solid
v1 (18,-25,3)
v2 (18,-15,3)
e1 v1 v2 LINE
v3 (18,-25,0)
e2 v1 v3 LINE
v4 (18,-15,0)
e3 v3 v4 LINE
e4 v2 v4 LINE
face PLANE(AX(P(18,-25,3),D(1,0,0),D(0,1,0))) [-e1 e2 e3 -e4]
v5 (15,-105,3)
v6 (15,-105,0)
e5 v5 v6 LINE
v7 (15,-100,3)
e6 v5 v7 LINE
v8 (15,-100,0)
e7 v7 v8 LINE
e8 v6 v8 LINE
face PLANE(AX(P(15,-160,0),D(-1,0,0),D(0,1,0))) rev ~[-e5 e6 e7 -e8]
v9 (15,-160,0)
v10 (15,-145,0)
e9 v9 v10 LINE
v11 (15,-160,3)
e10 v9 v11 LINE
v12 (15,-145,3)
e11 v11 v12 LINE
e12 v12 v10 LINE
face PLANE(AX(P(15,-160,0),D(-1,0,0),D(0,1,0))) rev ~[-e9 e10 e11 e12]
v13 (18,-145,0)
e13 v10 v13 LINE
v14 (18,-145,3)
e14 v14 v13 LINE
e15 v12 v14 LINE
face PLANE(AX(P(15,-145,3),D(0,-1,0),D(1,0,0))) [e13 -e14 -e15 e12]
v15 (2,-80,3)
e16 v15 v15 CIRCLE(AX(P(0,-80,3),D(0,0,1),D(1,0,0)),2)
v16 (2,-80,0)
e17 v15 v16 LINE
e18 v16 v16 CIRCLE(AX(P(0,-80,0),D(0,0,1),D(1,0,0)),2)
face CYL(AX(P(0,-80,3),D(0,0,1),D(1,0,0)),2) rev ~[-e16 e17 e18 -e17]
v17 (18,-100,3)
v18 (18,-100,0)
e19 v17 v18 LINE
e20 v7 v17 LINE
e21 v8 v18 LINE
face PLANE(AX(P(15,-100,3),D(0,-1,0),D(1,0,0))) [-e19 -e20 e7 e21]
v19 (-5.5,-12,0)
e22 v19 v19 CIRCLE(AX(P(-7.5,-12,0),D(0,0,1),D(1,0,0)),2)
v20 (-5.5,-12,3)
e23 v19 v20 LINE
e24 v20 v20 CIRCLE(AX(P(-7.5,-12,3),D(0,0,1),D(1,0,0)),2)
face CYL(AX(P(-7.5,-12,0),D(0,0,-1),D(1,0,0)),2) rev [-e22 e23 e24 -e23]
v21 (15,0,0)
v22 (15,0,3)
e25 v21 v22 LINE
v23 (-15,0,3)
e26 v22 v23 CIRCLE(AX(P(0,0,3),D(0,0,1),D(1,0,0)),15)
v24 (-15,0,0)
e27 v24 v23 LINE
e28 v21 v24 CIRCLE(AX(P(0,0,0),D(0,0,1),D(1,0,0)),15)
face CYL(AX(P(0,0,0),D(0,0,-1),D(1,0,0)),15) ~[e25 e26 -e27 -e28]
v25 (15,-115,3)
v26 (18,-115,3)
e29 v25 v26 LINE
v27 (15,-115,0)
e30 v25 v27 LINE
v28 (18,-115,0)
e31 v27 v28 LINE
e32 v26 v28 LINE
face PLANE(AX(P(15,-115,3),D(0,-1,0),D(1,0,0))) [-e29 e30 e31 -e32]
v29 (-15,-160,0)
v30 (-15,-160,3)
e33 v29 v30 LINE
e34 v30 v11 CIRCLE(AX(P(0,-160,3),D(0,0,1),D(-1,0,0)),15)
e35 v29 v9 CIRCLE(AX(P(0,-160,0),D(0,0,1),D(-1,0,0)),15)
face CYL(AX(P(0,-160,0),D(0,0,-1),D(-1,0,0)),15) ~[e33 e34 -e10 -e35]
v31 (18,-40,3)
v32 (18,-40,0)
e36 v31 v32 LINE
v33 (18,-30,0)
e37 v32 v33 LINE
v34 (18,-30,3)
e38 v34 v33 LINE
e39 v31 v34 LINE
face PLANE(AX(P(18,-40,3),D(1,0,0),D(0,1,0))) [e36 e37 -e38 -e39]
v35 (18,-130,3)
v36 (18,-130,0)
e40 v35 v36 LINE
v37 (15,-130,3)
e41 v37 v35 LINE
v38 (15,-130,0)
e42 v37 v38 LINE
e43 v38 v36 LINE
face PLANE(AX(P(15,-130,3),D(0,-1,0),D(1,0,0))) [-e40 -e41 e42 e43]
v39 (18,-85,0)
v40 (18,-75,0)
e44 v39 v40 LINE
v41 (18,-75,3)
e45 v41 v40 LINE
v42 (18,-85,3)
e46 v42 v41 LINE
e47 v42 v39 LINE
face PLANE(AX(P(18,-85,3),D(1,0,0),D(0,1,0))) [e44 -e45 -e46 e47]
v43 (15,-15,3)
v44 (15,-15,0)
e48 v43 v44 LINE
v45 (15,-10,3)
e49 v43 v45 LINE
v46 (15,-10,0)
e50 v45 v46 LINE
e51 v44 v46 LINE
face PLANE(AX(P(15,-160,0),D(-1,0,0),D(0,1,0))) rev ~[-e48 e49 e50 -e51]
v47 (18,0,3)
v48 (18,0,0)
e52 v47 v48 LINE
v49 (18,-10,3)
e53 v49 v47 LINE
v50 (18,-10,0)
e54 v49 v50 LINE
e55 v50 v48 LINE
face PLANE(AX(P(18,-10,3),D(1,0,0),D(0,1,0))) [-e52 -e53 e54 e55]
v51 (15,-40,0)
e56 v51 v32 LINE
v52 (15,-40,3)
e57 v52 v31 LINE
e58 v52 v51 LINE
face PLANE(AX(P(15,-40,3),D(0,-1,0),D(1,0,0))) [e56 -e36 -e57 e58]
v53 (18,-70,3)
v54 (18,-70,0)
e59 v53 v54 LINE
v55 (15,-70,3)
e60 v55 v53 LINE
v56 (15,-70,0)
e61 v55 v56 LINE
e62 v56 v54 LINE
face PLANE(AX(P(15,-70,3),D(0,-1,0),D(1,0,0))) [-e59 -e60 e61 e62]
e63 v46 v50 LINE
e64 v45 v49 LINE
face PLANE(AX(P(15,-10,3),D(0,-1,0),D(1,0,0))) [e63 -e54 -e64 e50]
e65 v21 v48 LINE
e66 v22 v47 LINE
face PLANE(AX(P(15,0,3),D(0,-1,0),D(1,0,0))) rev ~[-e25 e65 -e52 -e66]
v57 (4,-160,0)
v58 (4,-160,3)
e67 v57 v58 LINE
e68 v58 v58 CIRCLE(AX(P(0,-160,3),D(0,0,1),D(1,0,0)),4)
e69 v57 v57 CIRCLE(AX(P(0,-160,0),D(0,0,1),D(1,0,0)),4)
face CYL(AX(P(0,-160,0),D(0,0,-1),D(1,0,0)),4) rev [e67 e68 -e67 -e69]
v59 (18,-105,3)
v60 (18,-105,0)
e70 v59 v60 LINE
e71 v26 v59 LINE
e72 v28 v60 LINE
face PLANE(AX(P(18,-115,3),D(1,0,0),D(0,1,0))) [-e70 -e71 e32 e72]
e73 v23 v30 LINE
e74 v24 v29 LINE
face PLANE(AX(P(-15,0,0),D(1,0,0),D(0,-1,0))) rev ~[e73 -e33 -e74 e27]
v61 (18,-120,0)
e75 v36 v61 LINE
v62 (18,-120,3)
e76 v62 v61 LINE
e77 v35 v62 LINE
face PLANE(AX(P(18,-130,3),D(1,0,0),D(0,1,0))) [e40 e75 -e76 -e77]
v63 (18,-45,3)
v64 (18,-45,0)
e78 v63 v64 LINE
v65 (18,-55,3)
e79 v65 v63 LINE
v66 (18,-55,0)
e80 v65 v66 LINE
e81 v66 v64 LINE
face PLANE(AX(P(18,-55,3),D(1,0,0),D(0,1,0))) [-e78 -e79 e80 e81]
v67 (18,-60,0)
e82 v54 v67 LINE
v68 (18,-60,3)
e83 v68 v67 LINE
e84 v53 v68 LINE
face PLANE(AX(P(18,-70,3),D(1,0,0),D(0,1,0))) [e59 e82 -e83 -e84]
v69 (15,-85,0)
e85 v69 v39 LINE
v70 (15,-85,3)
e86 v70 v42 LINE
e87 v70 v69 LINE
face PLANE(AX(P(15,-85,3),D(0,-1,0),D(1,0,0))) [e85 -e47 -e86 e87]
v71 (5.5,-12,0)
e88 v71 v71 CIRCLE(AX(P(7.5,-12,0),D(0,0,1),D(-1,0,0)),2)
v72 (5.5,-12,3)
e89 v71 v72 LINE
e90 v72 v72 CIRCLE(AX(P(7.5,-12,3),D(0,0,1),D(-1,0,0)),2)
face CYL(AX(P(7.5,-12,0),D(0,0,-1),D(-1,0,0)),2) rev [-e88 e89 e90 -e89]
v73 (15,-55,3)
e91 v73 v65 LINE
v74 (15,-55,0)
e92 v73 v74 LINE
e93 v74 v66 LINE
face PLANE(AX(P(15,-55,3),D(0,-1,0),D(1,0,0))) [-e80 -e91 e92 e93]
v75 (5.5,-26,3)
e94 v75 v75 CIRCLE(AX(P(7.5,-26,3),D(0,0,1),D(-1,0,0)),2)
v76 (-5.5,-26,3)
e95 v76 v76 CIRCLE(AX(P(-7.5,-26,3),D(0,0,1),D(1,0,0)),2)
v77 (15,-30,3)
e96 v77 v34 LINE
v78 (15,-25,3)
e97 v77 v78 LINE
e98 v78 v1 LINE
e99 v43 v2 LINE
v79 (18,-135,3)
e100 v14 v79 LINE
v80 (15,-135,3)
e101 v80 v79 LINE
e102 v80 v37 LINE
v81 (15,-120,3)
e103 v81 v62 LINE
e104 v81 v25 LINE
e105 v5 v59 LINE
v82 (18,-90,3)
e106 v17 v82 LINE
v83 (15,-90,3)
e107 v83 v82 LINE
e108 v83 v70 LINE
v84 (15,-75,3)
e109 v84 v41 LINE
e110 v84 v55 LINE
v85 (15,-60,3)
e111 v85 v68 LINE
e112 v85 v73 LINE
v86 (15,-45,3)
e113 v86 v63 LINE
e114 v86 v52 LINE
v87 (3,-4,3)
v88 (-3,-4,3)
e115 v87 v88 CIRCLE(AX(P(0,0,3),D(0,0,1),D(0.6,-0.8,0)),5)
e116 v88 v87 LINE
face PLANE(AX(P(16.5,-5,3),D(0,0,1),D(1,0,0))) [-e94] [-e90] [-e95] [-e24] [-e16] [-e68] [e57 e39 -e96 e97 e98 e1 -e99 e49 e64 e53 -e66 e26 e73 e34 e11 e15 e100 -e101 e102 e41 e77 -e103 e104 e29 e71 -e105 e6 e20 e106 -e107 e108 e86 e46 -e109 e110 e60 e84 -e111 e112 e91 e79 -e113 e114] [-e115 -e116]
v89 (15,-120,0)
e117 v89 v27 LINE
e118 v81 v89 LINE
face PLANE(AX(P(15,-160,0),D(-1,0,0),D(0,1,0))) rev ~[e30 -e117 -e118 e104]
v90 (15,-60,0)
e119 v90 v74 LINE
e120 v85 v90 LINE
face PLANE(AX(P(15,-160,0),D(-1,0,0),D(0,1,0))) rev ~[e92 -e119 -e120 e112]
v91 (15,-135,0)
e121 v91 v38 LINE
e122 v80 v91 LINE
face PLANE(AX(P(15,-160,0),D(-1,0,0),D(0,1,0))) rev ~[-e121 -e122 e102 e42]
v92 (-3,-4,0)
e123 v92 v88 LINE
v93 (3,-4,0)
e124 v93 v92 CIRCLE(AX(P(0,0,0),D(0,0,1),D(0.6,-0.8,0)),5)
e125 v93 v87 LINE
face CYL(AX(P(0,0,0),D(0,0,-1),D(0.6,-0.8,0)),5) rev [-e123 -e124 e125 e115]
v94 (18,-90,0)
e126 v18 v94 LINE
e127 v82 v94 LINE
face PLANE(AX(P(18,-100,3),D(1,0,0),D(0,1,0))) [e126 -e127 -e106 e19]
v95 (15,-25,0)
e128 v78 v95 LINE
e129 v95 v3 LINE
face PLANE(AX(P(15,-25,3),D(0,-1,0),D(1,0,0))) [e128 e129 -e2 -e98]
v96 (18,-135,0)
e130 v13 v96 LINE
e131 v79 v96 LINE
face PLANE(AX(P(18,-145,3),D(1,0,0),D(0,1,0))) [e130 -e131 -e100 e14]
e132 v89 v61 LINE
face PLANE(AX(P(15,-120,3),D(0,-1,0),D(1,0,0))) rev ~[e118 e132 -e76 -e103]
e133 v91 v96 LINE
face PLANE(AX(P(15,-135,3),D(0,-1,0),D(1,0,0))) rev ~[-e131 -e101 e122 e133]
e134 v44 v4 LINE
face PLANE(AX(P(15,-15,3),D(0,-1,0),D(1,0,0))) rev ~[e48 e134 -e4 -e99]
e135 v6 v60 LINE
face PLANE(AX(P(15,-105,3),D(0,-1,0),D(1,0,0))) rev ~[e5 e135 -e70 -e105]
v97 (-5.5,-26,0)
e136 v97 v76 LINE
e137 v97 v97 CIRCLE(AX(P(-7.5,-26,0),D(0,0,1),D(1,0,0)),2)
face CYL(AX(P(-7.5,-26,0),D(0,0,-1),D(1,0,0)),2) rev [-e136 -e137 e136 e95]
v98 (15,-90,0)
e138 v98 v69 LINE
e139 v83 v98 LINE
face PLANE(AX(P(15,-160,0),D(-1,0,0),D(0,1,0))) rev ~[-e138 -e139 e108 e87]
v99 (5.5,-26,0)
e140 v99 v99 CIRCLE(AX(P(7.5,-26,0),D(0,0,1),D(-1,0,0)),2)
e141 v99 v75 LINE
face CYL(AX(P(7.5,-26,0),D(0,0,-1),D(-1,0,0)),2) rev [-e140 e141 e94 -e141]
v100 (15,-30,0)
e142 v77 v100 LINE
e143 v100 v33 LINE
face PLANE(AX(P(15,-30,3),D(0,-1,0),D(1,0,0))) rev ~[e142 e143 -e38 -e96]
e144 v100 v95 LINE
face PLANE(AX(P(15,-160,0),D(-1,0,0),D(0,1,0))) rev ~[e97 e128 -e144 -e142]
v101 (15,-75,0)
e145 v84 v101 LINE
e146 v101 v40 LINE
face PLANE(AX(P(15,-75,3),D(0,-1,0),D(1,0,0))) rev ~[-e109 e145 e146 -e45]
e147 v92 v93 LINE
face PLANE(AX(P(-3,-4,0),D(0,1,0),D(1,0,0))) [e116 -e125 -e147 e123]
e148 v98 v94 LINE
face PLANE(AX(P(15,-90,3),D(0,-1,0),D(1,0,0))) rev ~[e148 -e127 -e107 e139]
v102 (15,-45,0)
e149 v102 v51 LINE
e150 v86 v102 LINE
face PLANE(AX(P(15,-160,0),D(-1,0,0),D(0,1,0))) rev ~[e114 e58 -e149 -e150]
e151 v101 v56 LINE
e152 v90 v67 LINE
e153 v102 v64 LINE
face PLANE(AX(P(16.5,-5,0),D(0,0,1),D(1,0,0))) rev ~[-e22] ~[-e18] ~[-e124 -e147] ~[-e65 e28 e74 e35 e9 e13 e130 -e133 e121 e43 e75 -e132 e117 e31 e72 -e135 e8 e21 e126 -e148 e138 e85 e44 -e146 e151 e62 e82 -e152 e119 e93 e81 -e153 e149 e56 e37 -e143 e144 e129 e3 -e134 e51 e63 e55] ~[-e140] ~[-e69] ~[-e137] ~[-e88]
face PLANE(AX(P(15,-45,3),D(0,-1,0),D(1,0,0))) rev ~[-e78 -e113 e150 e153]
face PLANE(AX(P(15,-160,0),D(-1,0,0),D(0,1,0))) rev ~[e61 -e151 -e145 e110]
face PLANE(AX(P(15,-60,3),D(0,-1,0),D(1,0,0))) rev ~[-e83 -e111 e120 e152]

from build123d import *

# Parameters (mm, degrees)
SKETCH_1_R          = 4
SKETCH_1_R_2        = 2
EXTRUDE_1_DEPTH     = 3
SKETCH_3_W          = 3
SKETCH_3_H          = 10
EXTRUDE_4_DEPTH     = 3
SKETCH_4_R          = 2
CUT_EXTRUDE_1_DEPTH = 3


with BuildPart() as part:
    # 草图1 → 凸台-拉伸1 (new body)
    with BuildSketch(Plane.XY):
        with BuildLine():
            Line((-15, 0), (-15, -160))
            ThreePointArc((-15, -160), (0, -175), (15, -160))
            Line((15, -160), (15, 0))
            ThreePointArc((15, 0), (0, 15), (-15, 0))
        make_face()
        with Locations((0, -160)):
            Circle(SKETCH_1_R, mode=Mode.SUBTRACT)
        with Locations((-7.5, -12)):
            Circle(SKETCH_1_R_2, mode=Mode.SUBTRACT)
        with Locations((-7.5, -26)):
            Circle(SKETCH_1_R_2, mode=Mode.SUBTRACT)
        with Locations(Location((7.5, -26, 0), (0, 0, 180))):
            Circle(SKETCH_1_R_2, mode=Mode.SUBTRACT)
        with Locations(Location((7.5, -12, 0), (0, 0, 180))):
            Circle(SKETCH_1_R_2, mode=Mode.SUBTRACT)
        with BuildLine():
            Line((0, -4), (3, -4))
            ThreePointArc((3, -4), (0, 5), (-3, -4))
            Line((-3, -4), (0, -4))
        make_face(mode=Mode.SUBTRACT)
    extrude(amount=EXTRUDE_1_DEPTH)

    # 草图3 → 凸台-拉伸4 (add)
    with BuildSketch(Plane.XY.offset(3)):
        with Locations((16.5, -5)):
            Rectangle(SKETCH_3_W, SKETCH_3_H)
        with Locations((16.5, -20)):
            Rectangle(SKETCH_3_W, SKETCH_3_H)
        with Locations((16.5, -35)):
            Rectangle(SKETCH_3_W, SKETCH_3_H)
        with Locations((16.5, -50)):
            Rectangle(SKETCH_3_W, SKETCH_3_H)
        with Locations((16.5, -65)):
            Rectangle(SKETCH_3_W, SKETCH_3_H)
        with Locations((16.5, -80)):
            Rectangle(SKETCH_3_W, SKETCH_3_H)
        with Locations((16.5, -95)):
            Rectangle(SKETCH_3_W, SKETCH_3_H)
        with Locations((16.5, -110)):
            Rectangle(SKETCH_3_W, SKETCH_3_H)
        with Locations((16.5, -125)):
            Rectangle(SKETCH_3_W, SKETCH_3_H)
        with Locations((16.5, -140)):
            Rectangle(SKETCH_3_W, SKETCH_3_H)
    extrude(amount=-EXTRUDE_4_DEPTH)

    # 草图4 → 切除-拉伸1 (cut)
    with BuildSketch(Plane.XY.offset(3)):
        with Locations((0, -80)):
            Circle(SKETCH_4_R)
    extrude(amount=-CUT_EXTRUDE_1_DEPTH, mode=Mode.SUBTRACT)


solid = part.part
